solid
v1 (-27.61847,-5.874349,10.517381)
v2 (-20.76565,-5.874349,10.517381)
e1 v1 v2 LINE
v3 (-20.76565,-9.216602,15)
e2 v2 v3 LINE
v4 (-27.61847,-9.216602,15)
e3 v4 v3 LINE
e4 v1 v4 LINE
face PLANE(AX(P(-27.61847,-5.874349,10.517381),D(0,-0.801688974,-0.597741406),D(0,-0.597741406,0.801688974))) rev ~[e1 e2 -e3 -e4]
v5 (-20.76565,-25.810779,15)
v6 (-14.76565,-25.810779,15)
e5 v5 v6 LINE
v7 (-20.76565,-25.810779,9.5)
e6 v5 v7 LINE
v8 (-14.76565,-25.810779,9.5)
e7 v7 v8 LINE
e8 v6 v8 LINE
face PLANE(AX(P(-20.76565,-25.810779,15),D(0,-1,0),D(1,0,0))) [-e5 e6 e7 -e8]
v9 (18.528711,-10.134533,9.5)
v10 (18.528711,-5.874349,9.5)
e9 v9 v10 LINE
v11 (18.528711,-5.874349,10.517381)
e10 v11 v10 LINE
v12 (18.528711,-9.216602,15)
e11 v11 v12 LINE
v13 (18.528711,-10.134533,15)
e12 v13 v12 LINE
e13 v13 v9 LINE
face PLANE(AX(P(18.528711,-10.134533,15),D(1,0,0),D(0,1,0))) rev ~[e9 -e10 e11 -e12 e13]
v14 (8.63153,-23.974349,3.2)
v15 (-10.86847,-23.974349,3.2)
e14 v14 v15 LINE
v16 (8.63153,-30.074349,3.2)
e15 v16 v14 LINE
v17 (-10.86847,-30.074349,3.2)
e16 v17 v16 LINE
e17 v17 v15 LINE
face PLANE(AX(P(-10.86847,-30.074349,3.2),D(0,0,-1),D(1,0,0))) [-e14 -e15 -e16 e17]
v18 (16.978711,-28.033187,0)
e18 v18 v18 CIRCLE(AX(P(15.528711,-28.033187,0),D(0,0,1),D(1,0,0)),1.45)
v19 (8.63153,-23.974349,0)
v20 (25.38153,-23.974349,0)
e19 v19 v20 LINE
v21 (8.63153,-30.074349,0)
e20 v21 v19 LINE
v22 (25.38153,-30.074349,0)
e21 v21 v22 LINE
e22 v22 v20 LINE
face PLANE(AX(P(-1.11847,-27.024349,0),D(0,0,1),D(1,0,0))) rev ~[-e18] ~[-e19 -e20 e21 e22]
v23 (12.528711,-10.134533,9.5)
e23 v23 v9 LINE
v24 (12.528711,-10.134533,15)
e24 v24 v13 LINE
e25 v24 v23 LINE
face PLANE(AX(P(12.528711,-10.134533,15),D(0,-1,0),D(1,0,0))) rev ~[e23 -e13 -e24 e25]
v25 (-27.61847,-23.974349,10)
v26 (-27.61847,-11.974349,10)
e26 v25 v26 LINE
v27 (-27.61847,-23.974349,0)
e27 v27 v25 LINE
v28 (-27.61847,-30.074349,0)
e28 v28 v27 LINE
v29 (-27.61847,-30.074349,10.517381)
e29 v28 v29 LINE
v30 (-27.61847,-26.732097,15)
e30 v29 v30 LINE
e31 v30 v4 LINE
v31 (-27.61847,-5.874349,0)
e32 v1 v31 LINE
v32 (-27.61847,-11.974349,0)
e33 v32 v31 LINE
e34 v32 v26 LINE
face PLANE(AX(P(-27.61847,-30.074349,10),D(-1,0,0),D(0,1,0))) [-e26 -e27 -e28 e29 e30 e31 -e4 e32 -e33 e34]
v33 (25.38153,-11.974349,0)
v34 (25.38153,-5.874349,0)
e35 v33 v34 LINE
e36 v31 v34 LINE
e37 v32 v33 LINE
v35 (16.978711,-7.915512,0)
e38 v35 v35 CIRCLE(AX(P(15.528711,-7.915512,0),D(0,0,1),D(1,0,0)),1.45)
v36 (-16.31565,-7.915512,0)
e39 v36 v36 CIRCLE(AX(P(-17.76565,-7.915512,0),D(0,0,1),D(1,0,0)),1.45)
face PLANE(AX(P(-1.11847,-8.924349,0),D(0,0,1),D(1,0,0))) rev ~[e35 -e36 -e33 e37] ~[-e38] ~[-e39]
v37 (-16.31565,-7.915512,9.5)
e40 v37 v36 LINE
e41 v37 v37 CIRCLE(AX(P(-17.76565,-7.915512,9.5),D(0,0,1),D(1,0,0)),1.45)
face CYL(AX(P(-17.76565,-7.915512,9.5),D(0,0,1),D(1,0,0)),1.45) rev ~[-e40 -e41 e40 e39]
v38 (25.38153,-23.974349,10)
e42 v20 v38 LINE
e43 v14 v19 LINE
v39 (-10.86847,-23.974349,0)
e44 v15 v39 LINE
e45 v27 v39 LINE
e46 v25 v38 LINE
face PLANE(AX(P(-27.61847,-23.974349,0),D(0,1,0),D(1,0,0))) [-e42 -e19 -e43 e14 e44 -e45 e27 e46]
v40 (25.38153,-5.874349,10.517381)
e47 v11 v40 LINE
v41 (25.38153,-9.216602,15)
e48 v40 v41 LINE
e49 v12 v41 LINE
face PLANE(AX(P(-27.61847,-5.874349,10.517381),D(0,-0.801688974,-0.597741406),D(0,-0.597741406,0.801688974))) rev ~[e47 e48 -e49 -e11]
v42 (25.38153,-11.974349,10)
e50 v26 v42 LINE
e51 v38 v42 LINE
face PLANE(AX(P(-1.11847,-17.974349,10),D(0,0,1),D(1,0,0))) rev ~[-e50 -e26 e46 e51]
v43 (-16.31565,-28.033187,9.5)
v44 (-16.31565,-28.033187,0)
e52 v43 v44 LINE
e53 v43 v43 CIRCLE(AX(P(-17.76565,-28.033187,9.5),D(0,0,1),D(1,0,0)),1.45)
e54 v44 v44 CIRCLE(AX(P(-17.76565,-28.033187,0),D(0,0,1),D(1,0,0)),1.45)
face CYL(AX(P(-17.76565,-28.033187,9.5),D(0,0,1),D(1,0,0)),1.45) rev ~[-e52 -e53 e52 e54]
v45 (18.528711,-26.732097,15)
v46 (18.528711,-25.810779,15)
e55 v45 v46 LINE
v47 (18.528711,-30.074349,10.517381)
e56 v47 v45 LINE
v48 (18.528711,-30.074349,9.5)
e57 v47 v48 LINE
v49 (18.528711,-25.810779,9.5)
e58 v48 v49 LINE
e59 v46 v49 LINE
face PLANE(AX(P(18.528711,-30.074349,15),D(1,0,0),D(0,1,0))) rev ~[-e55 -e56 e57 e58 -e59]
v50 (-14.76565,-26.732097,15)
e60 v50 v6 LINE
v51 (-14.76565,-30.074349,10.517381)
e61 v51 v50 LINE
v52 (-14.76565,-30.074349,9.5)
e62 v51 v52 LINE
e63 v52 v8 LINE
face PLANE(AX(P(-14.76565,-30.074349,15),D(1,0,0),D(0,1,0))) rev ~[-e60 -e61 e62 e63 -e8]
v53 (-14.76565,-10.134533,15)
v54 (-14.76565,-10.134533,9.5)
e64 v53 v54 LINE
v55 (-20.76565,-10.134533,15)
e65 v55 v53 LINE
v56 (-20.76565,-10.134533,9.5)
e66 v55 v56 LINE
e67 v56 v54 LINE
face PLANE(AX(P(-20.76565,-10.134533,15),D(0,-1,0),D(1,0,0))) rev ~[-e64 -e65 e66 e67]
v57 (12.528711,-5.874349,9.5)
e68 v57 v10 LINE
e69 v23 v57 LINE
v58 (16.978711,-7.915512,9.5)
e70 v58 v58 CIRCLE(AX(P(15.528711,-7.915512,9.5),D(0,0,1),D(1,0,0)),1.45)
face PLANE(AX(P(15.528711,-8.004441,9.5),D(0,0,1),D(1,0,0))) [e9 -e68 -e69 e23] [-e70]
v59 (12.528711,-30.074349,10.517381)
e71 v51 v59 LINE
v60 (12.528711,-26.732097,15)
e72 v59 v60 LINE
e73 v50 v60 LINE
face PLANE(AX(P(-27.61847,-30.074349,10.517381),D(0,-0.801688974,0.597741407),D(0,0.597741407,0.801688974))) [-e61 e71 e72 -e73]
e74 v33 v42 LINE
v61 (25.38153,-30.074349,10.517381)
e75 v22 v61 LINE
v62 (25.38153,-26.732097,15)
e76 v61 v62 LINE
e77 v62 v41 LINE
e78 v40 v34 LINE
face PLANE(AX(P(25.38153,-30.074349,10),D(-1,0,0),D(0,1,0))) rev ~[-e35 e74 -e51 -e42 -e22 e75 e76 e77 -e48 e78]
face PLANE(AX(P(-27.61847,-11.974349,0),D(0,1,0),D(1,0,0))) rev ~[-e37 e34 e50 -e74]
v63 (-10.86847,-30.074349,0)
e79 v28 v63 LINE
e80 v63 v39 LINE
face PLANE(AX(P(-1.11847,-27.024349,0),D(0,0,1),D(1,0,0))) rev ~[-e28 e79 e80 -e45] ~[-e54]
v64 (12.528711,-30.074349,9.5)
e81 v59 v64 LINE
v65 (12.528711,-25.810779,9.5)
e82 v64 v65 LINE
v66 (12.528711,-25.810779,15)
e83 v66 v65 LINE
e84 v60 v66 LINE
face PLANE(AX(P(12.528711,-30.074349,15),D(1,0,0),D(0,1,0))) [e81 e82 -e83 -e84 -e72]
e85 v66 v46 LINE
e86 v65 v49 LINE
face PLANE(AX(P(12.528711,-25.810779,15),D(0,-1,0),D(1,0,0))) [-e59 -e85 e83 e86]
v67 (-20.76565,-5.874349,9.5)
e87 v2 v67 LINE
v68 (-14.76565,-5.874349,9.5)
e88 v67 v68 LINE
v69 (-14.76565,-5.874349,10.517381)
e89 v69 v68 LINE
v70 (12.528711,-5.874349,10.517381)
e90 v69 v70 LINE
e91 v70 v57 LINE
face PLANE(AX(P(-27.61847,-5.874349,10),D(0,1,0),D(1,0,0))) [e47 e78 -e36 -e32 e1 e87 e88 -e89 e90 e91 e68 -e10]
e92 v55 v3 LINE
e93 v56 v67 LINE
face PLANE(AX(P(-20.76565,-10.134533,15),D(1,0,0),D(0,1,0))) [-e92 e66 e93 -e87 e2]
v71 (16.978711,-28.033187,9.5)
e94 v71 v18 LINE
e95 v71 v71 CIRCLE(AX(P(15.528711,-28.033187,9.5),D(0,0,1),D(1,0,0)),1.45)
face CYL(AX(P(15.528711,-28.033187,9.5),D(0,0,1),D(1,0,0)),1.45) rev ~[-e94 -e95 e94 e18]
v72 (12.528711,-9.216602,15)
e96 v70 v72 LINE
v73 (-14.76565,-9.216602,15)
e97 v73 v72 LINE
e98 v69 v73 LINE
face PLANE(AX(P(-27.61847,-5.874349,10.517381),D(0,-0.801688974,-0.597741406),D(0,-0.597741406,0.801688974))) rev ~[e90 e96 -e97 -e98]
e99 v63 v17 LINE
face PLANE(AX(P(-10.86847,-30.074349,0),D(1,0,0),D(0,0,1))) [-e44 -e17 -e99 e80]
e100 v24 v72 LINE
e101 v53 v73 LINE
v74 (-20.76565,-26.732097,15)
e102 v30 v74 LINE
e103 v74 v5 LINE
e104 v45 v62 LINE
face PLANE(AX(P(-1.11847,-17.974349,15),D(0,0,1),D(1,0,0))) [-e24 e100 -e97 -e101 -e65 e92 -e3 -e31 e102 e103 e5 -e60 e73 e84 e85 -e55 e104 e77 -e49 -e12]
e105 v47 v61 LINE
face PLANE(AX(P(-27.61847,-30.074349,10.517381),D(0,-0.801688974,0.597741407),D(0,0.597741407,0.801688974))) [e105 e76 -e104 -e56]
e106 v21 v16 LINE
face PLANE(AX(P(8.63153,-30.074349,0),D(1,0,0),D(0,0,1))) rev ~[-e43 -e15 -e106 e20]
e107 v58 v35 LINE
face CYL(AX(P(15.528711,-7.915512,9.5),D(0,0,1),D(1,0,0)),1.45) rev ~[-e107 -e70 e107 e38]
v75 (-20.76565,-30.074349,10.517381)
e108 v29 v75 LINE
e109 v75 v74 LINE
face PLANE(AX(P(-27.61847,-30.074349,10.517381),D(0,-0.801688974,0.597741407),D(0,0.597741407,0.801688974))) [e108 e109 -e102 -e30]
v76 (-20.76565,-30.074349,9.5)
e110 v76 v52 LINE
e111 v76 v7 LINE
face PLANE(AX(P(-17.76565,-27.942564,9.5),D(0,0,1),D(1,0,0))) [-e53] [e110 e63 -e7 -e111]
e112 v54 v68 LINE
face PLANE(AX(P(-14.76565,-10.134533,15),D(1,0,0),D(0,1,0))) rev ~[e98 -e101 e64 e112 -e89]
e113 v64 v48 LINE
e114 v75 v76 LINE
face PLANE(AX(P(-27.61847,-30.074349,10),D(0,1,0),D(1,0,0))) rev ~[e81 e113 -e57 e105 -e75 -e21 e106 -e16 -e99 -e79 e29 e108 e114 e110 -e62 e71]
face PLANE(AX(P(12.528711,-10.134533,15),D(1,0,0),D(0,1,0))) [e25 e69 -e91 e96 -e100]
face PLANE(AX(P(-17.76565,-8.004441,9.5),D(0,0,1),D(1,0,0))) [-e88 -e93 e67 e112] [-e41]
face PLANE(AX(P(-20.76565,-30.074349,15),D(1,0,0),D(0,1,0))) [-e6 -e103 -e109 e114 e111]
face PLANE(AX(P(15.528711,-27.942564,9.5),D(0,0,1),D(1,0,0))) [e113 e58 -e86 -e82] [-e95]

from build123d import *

# Parameters (mm, degrees)
CROQUIS1_W                = 53
CROQUIS1_H                = 6.1
SALIENTE_EXTRUIR1_DEPTH   = 10
SALIENTE_EXTRUIR1_2_DEPTH = 10
CROQUIS2_W                = 53
CROQUIS2_H                = 24.2
SALIENTE_EXTRUIR2_DEPTH   = 5
CORTAR_EXTRUIR1_DEPTH     = 100
CROQUIS4_W                = 19.5
CROQUIS4_H                = 3.2
CORTAR_EXTRUIR2_DEPTH     = 10
CROQUIS5_W                = 6
CROQUIS5_H                = 4.263570071
CROQUIS5_H_2              = 4.260183182
CORTAR_EXTRUIR3_DEPTH     = 5.5
CROQUIS6_R                = 1.45
CORTAR_EXTRUIR4_DEPTH     = 20


with BuildPart() as part:
    # Croquis1 → Saliente-Extruir1 (new body)
    with BuildSketch(Plane.XY):
        with Locations((-1.118469745, -8.924349429)):
            Rectangle(CROQUIS1_W, CROQUIS1_H)
    extrude(amount=SALIENTE_EXTRUIR1_DEPTH)



with BuildPart() as body_2:
    # Croquis1 → Saliente-Extruir1 2 (new body)
    with BuildSketch(Plane.XY):
        with Locations((-1.118469745, -27.024349429)):
            Rectangle(CROQUIS1_W, CROQUIS1_H)
    extrude(amount=SALIENTE_EXTRUIR1_2_DEPTH)


with BuildPart() as part_1:
    add(part.part)

    add(body_2.part)  # Saliente-Extruir2 merges body 2
    # Croquis2 → Saliente-Extruir2 (add)
    with BuildSketch(Plane.XY.offset(10)):
        with Locations((-1.118469745, -17.974349429)):
            Rectangle(CROQUIS2_W, CROQUIS2_H)
    extrude(amount=SALIENTE_EXTRUIR2_DEPTH)

    # Croquis3 → Cortar-Extruir1 (cut)
    with BuildSketch(Plane.ZY.offset(27.618469745)):
        Polygon((10.51738062, -5.874349429), (15, -9.216602222), (15, -5.874349429), align=None)
        Polygon((15, -26.732096635), (15, -30.074349429), (10.51738062, -30.074349429), align=None)
    extrude(amount=-CORTAR_EXTRUIR1_DEPTH, mode=Mode.SUBTRACT)

    # Croquis4 → Cortar-Extruir2 (cut)
    with BuildSketch(Plane.XZ.offset(30.074349429)):
        with Locations((-1.118469745, 1.6)):
            Rectangle(CROQUIS4_W, CROQUIS4_H)
    extrude(amount=-CORTAR_EXTRUIR2_DEPTH, mode=Mode.SUBTRACT)

    # Croquis5 → Cortar-Extruir3 (cut)
    with BuildSketch(Plane.XY.offset(15)):
        with Locations((-17.765649999, -27.942564393)):
            Rectangle(CROQUIS5_W, CROQUIS5_H)
        with Locations((-17.765649999, -8.00444102)):
            Rectangle(CROQUIS5_W, CROQUIS5_H_2)
        with Locations((15.528710509, -27.942564393)):
            Rectangle(CROQUIS5_W, CROQUIS5_H)
        with Locations((15.528710509, -8.00444102)):
            Rectangle(CROQUIS5_W, CROQUIS5_H_2)
    extrude(amount=-CORTAR_EXTRUIR3_DEPTH, mode=Mode.SUBTRACT)

    # Croquis6 → Cortar-Extruir4 (cut)
    with BuildSketch(Plane.XY.offset(9.5)):
        with Locations((-17.765649999, -7.915512161)):
            Circle(CROQUIS6_R)
        with Locations((15.528710509, -7.915512161)):
            Circle(CROQUIS6_R)
        with Locations((15.528710509, -28.033186696)):
            Circle(CROQUIS6_R)
        with Locations((-17.765649999, -28.033186696)):
            Circle(CROQUIS6_R)
    extrude(amount=-CORTAR_EXTRUIR4_DEPTH, mode=Mode.SUBTRACT)


solid = part_1.part
